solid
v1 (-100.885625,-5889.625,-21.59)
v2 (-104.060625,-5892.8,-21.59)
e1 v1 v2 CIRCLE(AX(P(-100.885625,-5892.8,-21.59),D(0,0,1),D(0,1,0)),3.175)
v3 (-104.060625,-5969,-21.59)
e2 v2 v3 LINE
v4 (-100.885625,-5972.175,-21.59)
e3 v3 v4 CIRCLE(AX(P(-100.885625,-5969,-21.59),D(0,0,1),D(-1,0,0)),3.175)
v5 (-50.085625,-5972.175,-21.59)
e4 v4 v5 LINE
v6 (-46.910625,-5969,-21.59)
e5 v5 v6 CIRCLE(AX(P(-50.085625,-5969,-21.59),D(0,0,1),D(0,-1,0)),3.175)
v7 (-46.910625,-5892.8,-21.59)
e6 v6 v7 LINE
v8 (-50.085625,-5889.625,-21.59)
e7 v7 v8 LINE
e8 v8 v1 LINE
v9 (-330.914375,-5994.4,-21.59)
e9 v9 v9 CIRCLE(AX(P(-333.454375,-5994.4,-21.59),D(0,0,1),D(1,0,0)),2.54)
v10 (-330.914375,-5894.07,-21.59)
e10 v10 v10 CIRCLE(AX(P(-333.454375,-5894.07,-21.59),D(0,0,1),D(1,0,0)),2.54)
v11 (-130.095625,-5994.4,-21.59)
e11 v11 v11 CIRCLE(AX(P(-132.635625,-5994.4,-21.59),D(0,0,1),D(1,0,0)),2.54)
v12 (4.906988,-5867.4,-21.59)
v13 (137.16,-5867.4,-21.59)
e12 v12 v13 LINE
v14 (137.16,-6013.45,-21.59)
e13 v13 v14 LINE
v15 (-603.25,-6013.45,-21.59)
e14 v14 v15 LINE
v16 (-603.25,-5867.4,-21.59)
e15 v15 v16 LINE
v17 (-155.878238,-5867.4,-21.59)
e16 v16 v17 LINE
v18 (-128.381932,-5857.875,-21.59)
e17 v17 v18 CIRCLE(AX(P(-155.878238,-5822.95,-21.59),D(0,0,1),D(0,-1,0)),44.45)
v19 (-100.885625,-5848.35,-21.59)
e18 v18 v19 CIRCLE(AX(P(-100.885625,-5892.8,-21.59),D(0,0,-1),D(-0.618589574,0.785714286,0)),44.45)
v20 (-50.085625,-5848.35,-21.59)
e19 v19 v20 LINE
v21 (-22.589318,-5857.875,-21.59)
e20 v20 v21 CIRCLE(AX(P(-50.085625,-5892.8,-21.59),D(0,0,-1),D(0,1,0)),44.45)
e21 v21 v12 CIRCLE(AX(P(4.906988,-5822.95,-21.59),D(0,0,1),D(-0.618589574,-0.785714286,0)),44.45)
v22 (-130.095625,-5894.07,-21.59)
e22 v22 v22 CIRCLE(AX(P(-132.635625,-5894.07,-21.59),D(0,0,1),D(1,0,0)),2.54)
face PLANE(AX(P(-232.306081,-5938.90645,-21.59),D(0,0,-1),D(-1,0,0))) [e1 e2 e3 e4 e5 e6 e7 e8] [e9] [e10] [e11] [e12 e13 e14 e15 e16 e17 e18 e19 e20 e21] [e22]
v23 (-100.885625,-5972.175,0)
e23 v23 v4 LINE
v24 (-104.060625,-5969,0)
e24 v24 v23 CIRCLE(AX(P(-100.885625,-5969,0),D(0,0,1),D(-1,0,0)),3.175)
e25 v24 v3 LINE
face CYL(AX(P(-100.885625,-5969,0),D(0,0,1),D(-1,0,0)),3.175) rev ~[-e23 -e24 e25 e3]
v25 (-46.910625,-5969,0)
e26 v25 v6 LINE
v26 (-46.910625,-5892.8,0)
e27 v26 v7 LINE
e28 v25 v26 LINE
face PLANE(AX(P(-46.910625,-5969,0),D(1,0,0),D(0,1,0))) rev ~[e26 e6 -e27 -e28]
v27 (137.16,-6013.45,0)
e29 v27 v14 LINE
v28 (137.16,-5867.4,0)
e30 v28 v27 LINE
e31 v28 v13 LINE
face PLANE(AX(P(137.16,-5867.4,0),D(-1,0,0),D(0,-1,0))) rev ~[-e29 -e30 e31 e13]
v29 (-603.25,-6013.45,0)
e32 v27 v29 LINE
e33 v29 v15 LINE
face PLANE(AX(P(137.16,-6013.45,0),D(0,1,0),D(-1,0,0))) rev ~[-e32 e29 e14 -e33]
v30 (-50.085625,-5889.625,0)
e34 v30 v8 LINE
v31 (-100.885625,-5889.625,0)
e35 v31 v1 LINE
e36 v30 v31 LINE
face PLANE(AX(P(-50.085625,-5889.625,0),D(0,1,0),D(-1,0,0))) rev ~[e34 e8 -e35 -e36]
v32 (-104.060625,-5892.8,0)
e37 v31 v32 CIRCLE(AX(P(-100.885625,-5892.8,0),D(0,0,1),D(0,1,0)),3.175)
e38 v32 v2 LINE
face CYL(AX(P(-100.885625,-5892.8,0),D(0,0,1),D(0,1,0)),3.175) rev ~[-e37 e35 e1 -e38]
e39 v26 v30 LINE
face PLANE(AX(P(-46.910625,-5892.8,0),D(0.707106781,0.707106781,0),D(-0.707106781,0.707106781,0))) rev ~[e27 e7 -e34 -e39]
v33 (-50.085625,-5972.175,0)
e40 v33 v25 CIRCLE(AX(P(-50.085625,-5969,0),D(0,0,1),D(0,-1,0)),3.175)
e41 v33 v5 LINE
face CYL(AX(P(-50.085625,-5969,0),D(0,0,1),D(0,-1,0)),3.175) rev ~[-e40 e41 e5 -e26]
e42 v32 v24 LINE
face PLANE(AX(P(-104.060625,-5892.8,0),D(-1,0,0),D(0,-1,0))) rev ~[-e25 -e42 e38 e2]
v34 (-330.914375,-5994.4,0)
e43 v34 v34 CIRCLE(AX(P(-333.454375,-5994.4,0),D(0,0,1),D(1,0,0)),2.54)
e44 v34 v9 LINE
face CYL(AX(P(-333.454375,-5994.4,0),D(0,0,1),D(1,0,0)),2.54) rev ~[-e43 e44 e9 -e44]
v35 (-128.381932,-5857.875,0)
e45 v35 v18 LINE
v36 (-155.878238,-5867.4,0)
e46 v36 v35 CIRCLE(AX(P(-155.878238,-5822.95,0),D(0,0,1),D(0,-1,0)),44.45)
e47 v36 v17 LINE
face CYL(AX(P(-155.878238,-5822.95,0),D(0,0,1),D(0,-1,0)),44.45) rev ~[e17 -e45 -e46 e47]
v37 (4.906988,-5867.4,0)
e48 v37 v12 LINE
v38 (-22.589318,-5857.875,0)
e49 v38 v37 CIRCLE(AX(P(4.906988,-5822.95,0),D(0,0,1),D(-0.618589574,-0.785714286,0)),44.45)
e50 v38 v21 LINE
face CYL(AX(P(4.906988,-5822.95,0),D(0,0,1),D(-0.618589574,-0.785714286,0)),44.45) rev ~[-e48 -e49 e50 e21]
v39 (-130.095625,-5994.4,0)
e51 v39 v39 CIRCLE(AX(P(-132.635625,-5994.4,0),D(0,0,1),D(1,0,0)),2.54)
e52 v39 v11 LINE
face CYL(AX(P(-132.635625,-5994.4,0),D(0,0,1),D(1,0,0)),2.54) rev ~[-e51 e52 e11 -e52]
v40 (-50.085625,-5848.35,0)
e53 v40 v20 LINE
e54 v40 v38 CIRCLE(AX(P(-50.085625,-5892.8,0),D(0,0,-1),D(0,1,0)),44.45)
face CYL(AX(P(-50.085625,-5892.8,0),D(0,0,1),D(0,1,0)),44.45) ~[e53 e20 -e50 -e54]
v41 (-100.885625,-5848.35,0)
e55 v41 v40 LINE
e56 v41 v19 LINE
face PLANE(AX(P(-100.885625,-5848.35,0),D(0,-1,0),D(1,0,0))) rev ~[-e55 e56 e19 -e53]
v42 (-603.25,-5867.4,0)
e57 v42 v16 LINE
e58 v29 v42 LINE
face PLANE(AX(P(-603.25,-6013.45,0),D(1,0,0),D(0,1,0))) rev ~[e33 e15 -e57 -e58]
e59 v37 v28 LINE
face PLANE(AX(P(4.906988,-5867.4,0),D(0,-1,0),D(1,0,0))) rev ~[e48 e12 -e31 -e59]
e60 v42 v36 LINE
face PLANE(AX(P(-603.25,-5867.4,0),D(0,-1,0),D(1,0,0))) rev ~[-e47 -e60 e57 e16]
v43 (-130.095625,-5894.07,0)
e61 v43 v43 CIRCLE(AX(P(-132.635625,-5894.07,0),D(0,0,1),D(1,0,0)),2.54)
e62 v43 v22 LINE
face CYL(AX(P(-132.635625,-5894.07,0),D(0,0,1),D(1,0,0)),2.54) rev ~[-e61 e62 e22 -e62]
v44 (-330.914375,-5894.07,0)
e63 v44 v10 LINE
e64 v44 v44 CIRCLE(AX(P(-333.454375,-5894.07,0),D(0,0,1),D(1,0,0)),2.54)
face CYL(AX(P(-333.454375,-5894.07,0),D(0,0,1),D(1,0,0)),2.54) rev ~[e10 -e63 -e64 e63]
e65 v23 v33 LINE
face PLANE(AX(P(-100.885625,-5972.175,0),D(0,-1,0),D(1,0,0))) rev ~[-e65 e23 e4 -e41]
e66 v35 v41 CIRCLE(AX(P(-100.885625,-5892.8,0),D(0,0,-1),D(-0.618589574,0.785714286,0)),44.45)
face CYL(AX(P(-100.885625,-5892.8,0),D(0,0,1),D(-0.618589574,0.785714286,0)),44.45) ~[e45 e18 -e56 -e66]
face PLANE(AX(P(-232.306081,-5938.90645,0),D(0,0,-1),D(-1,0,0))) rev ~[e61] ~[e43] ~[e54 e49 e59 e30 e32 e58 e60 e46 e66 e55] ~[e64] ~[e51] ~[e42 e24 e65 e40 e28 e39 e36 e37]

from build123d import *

# Parameters (mm, degrees)
EXTRUDE1_DEPTH     = 21.59
SKETCH3_R          = 2.54
CUT_EXTRUDE1_DEPTH = 21.59


with BuildPart() as part:
    # Sketch2 → Extrude1 (new body)
    with BuildSketch(Plane.XY):
        with BuildLine():
            Line((137.16, -6013.450000001), (-603.25, -6013.450000001))
            Line((-603.25, -6013.450000001), (-603.25, -5867.400000001))
            Line((-603.25, -5867.400000001), (-155.878238141, -5867.400000001))
            ThreePointArc((-155.878238141, -5867.400000001), (-141.328560309, -5864.951302064), (-128.38193157, -5857.875))
            ThreePointArc((-128.38193157, -5857.875), (-115.435302831, -5850.798697937), (-100.885625, -5848.35))
            Line((-100.885625, -5848.35), (-50.085625, -5848.35))
            ThreePointArc((-50.085625, -5848.35), (-35.535947169, -5850.798697937), (-22.58931843, -5857.875))
            ThreePointArc((-22.58931843, -5857.875), (-9.642689691, -5864.951302063), (4.906988141, -5867.400000001))
            Line((4.906988141, -5867.400000001), (137.16, -5867.400000001))
            Line((137.16, -5867.400000001), (137.16, -6013.450000001))
        make_face()
    extrude(amount=-EXTRUDE1_DEPTH)

    # Sketch3 → Cut-Extrude1 (cut)
    with BuildSketch(Plane.XY):
        with Locations((-333.454375, -5994.4)):
            Circle(SKETCH3_R)
        with Locations((-132.635625, -5994.4)):
            Circle(SKETCH3_R)
        with Locations((-132.635625, -5894.07)):
            Circle(SKETCH3_R)
        with Locations((-333.454375, -5894.07)):
            Circle(SKETCH3_R)
        with BuildLine():
            Line((-104.060625, -5892.8), (-104.060625, -5969))
            ThreePointArc((-104.060625, -5969), (-103.13068903, -5971.24506403), (-100.885625, -5972.175))
            Line((-100.885625, -5972.175), (-50.085625, -5972.175))
            ThreePointArc((-50.085625, -5972.175), (-47.84056097, -5971.24506403), (-46.910625, -5969))
            Line((-46.910625, -5969), (-46.910625, -5892.8))
            Line((-46.910625, -5892.8), (-50.085625, -5889.625))
            Line((-50.085625, -5889.625), (-100.885625, -5889.625))
            ThreePointArc((-100.885625, -5889.625), (-103.13068903, -5890.55493597), (-104.060625, -5892.8))
        make_face()
    extrude(amount=-CUT_EXTRUDE1_DEPTH, mode=Mode.SUBTRACT)


solid = part.part
